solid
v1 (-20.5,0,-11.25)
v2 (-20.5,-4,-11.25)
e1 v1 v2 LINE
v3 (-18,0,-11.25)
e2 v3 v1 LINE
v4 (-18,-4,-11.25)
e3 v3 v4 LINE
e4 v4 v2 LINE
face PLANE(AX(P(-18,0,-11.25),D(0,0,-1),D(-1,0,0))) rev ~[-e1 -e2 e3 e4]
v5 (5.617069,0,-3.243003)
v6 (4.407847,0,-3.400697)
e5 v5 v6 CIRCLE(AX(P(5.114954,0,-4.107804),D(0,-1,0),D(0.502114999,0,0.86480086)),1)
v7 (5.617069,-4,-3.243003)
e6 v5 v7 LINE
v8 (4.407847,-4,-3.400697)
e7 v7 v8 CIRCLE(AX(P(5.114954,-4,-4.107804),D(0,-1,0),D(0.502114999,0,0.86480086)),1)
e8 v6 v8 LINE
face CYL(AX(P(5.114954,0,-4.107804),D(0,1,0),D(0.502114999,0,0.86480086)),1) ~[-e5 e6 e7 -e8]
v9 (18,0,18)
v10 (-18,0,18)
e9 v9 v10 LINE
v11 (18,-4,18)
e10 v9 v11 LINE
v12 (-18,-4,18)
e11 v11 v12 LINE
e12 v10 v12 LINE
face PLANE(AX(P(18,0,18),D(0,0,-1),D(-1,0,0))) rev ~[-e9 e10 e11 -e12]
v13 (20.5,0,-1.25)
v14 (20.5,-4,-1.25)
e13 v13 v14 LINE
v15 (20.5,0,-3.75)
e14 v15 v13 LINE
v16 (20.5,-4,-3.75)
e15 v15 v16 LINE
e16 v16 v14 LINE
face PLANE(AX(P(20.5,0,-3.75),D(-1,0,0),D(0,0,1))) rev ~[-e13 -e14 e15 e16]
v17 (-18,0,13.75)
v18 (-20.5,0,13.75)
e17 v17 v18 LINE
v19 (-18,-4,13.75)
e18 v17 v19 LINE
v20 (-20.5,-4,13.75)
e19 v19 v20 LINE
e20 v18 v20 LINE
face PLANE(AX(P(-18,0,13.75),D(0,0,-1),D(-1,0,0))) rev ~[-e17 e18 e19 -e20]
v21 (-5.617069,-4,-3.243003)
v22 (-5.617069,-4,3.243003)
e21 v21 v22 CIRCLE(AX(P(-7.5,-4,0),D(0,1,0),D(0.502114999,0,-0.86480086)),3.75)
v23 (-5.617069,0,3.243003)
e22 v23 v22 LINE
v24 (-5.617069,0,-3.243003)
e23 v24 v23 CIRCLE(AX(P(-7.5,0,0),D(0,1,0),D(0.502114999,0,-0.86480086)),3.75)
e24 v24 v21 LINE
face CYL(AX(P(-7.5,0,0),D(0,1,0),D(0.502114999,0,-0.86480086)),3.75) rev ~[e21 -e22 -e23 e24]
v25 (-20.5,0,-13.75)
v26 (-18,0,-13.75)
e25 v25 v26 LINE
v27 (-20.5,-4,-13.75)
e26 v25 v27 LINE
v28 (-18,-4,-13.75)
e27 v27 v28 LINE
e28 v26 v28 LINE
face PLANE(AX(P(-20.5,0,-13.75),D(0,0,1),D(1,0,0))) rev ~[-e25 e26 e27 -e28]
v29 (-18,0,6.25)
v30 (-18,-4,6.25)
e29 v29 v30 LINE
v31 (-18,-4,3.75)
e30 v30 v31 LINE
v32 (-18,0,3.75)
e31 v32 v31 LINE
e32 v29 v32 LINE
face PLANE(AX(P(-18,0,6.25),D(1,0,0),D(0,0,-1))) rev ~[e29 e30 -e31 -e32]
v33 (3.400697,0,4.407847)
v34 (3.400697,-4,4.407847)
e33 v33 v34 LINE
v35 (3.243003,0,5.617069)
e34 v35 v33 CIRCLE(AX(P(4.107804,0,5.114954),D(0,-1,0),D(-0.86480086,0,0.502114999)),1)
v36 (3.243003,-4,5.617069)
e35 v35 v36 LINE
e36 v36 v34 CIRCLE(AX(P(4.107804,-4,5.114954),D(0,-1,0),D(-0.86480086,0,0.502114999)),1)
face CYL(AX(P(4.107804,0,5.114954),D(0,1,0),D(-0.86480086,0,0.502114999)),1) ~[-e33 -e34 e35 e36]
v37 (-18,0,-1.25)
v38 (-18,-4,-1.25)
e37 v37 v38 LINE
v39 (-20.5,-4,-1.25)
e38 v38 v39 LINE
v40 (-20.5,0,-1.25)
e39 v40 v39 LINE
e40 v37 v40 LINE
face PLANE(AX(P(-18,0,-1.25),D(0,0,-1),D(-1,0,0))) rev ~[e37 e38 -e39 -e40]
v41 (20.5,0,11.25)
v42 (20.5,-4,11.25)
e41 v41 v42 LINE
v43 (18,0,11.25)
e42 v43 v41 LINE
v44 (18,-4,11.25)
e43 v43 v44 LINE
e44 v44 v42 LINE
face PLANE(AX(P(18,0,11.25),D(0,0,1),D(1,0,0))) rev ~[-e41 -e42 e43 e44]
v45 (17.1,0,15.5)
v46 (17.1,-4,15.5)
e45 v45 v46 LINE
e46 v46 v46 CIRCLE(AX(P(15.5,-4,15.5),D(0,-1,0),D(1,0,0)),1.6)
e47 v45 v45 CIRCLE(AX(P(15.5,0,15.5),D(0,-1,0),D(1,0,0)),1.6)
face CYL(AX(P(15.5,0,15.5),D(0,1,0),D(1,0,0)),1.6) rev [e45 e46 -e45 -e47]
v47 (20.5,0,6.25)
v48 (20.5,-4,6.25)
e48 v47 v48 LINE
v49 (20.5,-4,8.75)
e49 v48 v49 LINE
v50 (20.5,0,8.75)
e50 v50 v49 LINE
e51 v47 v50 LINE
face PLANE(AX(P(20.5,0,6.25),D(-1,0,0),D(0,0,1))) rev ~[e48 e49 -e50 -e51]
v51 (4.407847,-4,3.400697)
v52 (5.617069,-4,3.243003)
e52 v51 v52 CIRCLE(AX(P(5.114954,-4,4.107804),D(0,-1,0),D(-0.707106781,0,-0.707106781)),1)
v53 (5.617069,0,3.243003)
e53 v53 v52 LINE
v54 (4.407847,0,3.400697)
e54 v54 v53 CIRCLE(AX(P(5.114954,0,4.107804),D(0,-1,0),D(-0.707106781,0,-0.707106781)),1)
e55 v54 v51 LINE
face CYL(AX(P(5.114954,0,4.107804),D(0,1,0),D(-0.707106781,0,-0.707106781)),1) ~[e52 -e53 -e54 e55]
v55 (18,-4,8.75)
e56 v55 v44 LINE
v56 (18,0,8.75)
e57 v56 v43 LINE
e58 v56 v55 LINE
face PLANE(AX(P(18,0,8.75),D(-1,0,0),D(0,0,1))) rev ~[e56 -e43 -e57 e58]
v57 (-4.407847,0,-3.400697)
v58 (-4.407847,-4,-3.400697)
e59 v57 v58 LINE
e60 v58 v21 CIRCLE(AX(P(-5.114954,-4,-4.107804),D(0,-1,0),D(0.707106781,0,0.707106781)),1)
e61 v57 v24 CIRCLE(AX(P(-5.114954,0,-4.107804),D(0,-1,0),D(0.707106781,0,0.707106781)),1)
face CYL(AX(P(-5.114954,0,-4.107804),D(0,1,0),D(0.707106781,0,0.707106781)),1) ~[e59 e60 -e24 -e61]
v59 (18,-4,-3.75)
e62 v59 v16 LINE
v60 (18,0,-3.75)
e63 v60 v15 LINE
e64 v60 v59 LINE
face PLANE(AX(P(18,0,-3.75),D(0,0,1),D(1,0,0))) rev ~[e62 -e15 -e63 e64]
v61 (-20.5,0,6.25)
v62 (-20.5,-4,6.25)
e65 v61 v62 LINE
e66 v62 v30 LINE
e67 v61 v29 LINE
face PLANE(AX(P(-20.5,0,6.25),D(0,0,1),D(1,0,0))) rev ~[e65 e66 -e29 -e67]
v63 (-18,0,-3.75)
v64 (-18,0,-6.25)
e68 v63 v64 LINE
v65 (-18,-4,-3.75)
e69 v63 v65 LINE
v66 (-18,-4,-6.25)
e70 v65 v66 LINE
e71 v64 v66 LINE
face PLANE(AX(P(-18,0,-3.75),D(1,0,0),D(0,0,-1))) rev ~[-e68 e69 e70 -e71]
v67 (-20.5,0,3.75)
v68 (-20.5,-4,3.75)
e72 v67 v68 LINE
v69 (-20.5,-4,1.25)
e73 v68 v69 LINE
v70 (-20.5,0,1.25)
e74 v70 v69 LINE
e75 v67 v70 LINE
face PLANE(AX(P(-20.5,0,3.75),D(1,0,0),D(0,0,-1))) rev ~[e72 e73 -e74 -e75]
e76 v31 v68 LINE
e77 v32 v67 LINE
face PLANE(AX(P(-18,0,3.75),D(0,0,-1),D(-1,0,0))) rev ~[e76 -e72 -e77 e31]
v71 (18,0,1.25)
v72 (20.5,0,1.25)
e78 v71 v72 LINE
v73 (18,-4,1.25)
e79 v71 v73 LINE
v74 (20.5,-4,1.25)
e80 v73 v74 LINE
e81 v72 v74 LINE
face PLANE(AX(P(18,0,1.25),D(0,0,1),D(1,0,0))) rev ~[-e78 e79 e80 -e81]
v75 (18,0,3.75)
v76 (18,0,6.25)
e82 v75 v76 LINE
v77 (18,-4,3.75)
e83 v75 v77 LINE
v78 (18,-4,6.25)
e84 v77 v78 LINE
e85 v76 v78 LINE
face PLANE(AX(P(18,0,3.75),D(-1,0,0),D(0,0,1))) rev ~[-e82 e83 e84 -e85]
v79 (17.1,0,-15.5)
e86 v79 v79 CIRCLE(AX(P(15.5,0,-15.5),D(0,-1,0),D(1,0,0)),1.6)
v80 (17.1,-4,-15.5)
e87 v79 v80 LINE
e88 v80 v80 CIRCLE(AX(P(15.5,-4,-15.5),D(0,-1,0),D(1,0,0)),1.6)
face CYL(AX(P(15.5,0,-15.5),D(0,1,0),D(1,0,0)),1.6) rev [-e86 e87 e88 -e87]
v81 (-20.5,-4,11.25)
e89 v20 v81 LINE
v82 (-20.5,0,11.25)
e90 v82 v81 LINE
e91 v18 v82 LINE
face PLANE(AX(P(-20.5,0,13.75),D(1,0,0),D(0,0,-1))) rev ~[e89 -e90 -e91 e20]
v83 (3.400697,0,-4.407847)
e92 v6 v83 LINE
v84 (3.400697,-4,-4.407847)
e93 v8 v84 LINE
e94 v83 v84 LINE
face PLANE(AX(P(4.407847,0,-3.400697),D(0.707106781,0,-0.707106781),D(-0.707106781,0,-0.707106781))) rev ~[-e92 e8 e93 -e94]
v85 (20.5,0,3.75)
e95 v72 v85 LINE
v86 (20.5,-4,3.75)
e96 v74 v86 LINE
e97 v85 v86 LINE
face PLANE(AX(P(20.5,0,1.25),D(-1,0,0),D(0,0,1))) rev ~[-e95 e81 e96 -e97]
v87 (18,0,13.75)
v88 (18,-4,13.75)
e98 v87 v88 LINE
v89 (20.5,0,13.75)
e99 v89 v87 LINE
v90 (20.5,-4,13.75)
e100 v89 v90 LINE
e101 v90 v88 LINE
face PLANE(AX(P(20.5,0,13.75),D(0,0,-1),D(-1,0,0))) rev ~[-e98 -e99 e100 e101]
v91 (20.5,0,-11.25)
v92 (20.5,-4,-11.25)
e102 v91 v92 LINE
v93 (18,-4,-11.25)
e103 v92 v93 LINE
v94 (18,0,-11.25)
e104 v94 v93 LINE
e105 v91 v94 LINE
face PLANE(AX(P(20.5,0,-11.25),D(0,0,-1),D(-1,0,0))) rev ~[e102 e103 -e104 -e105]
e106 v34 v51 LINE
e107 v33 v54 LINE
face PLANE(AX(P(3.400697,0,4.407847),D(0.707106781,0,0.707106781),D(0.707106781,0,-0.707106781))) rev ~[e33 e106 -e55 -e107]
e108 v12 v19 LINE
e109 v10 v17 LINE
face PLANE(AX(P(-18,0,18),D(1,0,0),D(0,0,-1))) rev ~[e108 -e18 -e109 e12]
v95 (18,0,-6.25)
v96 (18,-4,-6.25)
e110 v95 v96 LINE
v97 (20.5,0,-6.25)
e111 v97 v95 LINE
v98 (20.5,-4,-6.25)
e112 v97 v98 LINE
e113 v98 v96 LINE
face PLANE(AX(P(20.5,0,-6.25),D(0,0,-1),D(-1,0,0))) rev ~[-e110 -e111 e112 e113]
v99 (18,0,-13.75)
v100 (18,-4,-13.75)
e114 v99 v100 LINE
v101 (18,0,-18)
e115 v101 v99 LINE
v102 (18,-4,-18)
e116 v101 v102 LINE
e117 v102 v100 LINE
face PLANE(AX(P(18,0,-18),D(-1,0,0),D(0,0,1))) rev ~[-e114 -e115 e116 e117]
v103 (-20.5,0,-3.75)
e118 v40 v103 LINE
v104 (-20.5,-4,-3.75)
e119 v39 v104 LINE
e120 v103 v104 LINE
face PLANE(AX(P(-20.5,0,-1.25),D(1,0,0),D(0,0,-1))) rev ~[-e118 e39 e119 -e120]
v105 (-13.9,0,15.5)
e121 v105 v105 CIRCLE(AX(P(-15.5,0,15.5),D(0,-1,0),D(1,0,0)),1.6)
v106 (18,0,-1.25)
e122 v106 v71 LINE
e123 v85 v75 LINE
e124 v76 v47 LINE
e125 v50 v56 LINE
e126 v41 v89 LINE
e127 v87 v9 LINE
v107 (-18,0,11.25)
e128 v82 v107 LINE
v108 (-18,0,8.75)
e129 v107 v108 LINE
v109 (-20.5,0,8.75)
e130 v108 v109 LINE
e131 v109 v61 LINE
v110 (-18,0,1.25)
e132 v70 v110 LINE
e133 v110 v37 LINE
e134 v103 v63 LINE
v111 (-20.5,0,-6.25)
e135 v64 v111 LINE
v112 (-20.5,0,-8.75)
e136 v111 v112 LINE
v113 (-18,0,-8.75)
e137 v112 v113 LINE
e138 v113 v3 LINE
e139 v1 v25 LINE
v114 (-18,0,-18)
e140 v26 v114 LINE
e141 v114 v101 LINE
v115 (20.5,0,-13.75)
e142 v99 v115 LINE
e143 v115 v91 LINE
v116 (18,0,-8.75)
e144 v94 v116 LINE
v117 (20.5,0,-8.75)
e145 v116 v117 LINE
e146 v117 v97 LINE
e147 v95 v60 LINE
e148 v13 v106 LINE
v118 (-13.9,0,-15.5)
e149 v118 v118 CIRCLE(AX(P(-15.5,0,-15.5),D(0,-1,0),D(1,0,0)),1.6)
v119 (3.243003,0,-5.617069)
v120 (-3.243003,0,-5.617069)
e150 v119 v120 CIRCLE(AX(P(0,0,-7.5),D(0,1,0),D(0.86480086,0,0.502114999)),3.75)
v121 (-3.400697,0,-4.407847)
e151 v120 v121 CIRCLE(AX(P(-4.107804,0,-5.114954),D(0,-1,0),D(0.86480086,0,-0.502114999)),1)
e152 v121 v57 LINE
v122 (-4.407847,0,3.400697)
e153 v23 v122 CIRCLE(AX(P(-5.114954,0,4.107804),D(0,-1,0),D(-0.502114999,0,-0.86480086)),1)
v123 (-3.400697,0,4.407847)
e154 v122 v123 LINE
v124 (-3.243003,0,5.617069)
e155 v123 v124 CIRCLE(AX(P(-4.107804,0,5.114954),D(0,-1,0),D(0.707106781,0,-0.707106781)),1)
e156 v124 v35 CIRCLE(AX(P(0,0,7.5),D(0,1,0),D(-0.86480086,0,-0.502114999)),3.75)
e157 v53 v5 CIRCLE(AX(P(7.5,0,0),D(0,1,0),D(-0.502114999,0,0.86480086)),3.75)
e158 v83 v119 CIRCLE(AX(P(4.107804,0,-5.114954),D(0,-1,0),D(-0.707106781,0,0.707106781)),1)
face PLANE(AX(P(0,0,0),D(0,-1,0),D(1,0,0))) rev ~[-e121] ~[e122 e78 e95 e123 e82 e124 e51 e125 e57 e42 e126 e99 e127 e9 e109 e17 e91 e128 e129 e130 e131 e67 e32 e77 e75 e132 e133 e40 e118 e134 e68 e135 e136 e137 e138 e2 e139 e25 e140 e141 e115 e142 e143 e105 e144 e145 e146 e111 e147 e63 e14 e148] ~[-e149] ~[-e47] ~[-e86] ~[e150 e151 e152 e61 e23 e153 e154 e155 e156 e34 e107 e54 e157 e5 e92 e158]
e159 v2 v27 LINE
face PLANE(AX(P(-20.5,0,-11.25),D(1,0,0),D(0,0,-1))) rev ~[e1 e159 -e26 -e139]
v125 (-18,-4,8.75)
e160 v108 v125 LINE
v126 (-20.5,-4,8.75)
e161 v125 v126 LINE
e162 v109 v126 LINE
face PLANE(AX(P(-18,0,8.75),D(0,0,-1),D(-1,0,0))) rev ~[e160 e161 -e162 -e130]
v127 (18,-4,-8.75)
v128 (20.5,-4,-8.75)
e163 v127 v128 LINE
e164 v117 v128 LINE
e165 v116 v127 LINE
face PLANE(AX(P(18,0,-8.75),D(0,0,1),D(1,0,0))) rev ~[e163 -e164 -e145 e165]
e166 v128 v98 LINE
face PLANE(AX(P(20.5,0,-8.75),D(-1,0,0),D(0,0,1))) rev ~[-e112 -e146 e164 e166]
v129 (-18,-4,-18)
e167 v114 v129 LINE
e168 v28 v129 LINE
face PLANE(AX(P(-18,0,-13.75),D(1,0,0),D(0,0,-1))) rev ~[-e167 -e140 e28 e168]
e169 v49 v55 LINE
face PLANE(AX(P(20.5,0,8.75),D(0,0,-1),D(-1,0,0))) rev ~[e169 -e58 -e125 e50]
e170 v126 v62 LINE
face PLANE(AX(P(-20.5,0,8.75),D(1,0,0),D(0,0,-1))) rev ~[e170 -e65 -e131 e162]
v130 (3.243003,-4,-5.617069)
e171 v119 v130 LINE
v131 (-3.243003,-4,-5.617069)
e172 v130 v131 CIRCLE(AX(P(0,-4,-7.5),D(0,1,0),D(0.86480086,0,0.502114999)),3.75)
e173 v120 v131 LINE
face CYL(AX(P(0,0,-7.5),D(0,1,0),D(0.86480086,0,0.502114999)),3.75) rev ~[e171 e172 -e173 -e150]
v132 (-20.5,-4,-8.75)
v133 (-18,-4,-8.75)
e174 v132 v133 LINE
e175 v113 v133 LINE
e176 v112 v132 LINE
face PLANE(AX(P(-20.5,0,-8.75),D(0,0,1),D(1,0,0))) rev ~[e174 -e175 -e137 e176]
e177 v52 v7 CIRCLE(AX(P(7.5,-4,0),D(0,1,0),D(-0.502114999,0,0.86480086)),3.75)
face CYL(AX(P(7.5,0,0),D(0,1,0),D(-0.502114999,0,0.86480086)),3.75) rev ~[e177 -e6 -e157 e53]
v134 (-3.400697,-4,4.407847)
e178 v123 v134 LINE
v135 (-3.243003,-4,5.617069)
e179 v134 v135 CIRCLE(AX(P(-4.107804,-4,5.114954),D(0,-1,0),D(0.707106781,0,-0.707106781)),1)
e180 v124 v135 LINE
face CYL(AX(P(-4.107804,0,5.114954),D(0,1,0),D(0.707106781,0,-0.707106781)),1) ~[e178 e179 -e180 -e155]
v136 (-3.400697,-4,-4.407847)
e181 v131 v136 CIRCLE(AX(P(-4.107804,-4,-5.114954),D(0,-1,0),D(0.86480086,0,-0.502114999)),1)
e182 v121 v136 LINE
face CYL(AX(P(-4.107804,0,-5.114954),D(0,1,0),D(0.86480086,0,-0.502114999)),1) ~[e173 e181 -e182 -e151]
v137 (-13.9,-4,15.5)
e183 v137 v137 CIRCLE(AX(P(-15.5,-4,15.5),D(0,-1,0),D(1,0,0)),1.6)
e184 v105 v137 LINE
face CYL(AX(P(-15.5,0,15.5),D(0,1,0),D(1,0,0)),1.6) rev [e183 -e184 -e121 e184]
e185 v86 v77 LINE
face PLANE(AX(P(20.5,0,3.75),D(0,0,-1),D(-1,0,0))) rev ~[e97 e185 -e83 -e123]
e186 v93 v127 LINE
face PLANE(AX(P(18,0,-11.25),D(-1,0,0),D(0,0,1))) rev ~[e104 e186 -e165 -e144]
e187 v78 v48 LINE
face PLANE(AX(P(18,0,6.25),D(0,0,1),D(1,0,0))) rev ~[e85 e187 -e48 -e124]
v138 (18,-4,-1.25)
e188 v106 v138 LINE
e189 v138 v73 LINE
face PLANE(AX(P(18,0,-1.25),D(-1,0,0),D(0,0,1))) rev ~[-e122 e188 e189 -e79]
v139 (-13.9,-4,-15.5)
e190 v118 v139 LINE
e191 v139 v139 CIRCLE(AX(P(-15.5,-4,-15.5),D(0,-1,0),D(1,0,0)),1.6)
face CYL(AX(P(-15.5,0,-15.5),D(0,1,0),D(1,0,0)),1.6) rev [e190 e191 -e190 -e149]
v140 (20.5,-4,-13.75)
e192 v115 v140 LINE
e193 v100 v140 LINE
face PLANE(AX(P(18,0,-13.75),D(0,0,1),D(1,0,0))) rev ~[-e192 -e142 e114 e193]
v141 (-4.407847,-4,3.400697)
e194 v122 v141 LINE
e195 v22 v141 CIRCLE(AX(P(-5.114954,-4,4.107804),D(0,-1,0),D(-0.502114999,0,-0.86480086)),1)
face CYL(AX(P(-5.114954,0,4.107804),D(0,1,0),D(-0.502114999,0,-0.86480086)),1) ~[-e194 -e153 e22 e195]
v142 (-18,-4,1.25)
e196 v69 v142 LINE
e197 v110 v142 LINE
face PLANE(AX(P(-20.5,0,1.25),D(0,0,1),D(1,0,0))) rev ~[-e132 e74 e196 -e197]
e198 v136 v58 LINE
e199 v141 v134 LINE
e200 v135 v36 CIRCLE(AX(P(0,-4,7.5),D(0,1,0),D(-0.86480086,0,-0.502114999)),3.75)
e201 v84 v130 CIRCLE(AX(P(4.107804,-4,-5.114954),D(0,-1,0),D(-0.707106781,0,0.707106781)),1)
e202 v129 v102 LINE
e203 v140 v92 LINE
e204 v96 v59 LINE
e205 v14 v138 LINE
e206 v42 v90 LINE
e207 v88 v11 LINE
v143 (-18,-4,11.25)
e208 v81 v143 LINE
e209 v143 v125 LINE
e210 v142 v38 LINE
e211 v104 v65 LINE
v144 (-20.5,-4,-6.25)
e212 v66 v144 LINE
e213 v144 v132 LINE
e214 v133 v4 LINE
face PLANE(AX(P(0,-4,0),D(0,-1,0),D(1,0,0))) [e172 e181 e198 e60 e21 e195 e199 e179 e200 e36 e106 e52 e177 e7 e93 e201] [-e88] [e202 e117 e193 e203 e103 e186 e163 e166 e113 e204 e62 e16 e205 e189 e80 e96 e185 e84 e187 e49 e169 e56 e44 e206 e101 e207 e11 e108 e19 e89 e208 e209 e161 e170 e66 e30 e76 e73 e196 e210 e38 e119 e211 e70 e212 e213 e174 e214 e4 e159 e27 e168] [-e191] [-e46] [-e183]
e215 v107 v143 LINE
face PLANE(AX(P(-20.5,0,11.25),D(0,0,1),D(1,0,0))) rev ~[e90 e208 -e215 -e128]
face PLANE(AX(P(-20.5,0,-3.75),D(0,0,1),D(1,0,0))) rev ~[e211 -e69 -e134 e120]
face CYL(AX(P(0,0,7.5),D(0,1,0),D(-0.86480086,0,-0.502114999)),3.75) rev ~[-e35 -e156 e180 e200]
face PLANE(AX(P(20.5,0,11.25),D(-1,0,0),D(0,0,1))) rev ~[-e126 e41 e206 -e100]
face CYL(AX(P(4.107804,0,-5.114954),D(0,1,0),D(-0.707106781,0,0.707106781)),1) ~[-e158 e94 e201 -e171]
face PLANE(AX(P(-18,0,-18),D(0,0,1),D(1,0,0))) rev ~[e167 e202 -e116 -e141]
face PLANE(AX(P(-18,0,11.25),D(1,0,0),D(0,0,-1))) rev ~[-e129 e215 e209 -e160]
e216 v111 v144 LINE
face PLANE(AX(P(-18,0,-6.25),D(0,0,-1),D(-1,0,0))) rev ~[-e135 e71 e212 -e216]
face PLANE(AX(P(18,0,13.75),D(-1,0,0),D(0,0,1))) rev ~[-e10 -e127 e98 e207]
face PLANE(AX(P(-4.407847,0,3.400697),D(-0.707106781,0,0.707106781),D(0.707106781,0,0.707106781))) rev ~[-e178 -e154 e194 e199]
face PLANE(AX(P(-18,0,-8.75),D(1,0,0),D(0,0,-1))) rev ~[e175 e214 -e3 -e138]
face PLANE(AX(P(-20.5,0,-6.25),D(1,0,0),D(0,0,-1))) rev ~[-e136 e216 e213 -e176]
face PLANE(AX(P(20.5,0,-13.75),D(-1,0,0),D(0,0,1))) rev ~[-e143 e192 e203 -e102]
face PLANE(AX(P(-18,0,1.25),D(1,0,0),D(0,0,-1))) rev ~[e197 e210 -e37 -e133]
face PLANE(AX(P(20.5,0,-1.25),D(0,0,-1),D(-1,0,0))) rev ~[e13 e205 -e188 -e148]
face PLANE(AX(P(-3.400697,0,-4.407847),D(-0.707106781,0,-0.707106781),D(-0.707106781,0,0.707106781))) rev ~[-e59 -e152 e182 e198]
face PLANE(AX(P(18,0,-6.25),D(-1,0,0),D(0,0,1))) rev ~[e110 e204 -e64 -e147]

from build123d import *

# Parameters (mm, degrees)
F0_R     = 1.6
F1_DEPTH = 4


with BuildPart() as f1:
    # F0 (on Front) → F1 (new body)
    with BuildSketch(Plane.XZ):
        Polygon((18, 18), (-18, 18), (-18, 13.75), (-20.5, 13.75), (-20.5, 11.25), (-18, 11.25), (-18, 8.75), (-20.5, 8.75), (-20.5, 6.25), (-18, 6.25), (-18, 3.75), (-20.5, 3.75), (-20.5, 1.25), (-18, 1.25), (-18, -1.25), (-20.5, -1.25), (-20.5, -3.75), (-18, -3.75), (-18, -6.25), (-20.5, -6.25), (-20.5, -8.75), (-18, -8.75), (-18, -11.25), (-20.5, -11.25), (-20.5, -13.75), (-18, -13.75), (-18, -18), (18, -18), (18, -13.75), (20.5, -13.75), (20.5, -11.25), (18, -11.25), (18, -8.75), (20.5, -8.75), (20.5, -6.25), (18, -6.25), (18, -3.75), (20.5, -3.75), (20.5, -1.25), (18, -1.25), (18, 1.25), (20.5, 1.25), (20.5, 3.75), (18, 3.75), (18, 6.25), (20.5, 6.25), (20.5, 8.75), (18, 8.75), (18, 11.25), (20.5, 11.25), (20.5, 13.75), (18, 13.75), align=None)
        with Locations((-15.5, -15.5)):
            Circle(F0_R, mode=Mode.SUBTRACT)
        with Locations((15.5, -15.5)):
            Circle(F0_R, mode=Mode.SUBTRACT)
        with Locations((-15.5, 15.5)):
            Circle(F0_R, mode=Mode.SUBTRACT)
        with BuildLine():
            ThreePointArc((-3.2430032256, 5.6170687535), (0, 11.25), (3.2430032256, 5.6170687535))
            ThreePointArc((3.2430032256, 5.6170687535), (3.116200467, 4.9856391639), (3.4006973045, 4.4078469733))
            Line((3.4006973045, 4.4078469733), (4.4078469733, 3.4006973045))
            ThreePointArc((4.4078469733, 3.4006973045), (4.9856391639, 3.116200467), (5.6170687535, 3.2430032256))
            ThreePointArc((5.6170687535, 3.2430032256), (11.25, 0), (5.6170687535, -3.2430032256))
            ThreePointArc((5.6170687535, -3.2430032256), (4.9856391639, -3.116200467), (4.4078469733, -3.4006973045))
            Line((4.4078469733, -3.4006973045), (3.4006973045, -4.4078469733))
            ThreePointArc((3.4006973045, -4.4078469733), (3.116200467, -4.9856391639), (3.2430032256, -5.6170687535))
            ThreePointArc((3.2430032256, -5.6170687535), (0, -11.25), (-3.2430032256, -5.6170687535))
            ThreePointArc((-3.2430032256, -5.6170687535), (-3.116200467, -4.9856391639), (-3.4006973045, -4.4078469733))
            Line((-3.4006973045, -4.4078469733), (-4.4078469733, -3.4006973045))
            ThreePointArc((-4.4078469733, -3.4006973045), (-4.9856391639, -3.116200467), (-5.6170687535, -3.2430032256))
            ThreePointArc((-5.6170687535, -3.2430032256), (-11.25, 0), (-5.6170687535, 3.2430032256))
            ThreePointArc((-5.6170687535, 3.2430032256), (-4.9856391639, 3.116200467), (-4.4078469733, 3.4006973045))
            Line((-4.4078469733, 3.4006973045), (-3.4006973045, 4.4078469733))
            ThreePointArc((-3.4006973045, 4.4078469733), (-3.116200467, 4.9856391639), (-3.2430032256, 5.6170687535))
        make_face(mode=Mode.SUBTRACT)
        with Locations((15.5, 15.5)):
            Circle(F0_R, mode=Mode.SUBTRACT)
    extrude(amount=F1_DEPTH)


solid = f1.part
